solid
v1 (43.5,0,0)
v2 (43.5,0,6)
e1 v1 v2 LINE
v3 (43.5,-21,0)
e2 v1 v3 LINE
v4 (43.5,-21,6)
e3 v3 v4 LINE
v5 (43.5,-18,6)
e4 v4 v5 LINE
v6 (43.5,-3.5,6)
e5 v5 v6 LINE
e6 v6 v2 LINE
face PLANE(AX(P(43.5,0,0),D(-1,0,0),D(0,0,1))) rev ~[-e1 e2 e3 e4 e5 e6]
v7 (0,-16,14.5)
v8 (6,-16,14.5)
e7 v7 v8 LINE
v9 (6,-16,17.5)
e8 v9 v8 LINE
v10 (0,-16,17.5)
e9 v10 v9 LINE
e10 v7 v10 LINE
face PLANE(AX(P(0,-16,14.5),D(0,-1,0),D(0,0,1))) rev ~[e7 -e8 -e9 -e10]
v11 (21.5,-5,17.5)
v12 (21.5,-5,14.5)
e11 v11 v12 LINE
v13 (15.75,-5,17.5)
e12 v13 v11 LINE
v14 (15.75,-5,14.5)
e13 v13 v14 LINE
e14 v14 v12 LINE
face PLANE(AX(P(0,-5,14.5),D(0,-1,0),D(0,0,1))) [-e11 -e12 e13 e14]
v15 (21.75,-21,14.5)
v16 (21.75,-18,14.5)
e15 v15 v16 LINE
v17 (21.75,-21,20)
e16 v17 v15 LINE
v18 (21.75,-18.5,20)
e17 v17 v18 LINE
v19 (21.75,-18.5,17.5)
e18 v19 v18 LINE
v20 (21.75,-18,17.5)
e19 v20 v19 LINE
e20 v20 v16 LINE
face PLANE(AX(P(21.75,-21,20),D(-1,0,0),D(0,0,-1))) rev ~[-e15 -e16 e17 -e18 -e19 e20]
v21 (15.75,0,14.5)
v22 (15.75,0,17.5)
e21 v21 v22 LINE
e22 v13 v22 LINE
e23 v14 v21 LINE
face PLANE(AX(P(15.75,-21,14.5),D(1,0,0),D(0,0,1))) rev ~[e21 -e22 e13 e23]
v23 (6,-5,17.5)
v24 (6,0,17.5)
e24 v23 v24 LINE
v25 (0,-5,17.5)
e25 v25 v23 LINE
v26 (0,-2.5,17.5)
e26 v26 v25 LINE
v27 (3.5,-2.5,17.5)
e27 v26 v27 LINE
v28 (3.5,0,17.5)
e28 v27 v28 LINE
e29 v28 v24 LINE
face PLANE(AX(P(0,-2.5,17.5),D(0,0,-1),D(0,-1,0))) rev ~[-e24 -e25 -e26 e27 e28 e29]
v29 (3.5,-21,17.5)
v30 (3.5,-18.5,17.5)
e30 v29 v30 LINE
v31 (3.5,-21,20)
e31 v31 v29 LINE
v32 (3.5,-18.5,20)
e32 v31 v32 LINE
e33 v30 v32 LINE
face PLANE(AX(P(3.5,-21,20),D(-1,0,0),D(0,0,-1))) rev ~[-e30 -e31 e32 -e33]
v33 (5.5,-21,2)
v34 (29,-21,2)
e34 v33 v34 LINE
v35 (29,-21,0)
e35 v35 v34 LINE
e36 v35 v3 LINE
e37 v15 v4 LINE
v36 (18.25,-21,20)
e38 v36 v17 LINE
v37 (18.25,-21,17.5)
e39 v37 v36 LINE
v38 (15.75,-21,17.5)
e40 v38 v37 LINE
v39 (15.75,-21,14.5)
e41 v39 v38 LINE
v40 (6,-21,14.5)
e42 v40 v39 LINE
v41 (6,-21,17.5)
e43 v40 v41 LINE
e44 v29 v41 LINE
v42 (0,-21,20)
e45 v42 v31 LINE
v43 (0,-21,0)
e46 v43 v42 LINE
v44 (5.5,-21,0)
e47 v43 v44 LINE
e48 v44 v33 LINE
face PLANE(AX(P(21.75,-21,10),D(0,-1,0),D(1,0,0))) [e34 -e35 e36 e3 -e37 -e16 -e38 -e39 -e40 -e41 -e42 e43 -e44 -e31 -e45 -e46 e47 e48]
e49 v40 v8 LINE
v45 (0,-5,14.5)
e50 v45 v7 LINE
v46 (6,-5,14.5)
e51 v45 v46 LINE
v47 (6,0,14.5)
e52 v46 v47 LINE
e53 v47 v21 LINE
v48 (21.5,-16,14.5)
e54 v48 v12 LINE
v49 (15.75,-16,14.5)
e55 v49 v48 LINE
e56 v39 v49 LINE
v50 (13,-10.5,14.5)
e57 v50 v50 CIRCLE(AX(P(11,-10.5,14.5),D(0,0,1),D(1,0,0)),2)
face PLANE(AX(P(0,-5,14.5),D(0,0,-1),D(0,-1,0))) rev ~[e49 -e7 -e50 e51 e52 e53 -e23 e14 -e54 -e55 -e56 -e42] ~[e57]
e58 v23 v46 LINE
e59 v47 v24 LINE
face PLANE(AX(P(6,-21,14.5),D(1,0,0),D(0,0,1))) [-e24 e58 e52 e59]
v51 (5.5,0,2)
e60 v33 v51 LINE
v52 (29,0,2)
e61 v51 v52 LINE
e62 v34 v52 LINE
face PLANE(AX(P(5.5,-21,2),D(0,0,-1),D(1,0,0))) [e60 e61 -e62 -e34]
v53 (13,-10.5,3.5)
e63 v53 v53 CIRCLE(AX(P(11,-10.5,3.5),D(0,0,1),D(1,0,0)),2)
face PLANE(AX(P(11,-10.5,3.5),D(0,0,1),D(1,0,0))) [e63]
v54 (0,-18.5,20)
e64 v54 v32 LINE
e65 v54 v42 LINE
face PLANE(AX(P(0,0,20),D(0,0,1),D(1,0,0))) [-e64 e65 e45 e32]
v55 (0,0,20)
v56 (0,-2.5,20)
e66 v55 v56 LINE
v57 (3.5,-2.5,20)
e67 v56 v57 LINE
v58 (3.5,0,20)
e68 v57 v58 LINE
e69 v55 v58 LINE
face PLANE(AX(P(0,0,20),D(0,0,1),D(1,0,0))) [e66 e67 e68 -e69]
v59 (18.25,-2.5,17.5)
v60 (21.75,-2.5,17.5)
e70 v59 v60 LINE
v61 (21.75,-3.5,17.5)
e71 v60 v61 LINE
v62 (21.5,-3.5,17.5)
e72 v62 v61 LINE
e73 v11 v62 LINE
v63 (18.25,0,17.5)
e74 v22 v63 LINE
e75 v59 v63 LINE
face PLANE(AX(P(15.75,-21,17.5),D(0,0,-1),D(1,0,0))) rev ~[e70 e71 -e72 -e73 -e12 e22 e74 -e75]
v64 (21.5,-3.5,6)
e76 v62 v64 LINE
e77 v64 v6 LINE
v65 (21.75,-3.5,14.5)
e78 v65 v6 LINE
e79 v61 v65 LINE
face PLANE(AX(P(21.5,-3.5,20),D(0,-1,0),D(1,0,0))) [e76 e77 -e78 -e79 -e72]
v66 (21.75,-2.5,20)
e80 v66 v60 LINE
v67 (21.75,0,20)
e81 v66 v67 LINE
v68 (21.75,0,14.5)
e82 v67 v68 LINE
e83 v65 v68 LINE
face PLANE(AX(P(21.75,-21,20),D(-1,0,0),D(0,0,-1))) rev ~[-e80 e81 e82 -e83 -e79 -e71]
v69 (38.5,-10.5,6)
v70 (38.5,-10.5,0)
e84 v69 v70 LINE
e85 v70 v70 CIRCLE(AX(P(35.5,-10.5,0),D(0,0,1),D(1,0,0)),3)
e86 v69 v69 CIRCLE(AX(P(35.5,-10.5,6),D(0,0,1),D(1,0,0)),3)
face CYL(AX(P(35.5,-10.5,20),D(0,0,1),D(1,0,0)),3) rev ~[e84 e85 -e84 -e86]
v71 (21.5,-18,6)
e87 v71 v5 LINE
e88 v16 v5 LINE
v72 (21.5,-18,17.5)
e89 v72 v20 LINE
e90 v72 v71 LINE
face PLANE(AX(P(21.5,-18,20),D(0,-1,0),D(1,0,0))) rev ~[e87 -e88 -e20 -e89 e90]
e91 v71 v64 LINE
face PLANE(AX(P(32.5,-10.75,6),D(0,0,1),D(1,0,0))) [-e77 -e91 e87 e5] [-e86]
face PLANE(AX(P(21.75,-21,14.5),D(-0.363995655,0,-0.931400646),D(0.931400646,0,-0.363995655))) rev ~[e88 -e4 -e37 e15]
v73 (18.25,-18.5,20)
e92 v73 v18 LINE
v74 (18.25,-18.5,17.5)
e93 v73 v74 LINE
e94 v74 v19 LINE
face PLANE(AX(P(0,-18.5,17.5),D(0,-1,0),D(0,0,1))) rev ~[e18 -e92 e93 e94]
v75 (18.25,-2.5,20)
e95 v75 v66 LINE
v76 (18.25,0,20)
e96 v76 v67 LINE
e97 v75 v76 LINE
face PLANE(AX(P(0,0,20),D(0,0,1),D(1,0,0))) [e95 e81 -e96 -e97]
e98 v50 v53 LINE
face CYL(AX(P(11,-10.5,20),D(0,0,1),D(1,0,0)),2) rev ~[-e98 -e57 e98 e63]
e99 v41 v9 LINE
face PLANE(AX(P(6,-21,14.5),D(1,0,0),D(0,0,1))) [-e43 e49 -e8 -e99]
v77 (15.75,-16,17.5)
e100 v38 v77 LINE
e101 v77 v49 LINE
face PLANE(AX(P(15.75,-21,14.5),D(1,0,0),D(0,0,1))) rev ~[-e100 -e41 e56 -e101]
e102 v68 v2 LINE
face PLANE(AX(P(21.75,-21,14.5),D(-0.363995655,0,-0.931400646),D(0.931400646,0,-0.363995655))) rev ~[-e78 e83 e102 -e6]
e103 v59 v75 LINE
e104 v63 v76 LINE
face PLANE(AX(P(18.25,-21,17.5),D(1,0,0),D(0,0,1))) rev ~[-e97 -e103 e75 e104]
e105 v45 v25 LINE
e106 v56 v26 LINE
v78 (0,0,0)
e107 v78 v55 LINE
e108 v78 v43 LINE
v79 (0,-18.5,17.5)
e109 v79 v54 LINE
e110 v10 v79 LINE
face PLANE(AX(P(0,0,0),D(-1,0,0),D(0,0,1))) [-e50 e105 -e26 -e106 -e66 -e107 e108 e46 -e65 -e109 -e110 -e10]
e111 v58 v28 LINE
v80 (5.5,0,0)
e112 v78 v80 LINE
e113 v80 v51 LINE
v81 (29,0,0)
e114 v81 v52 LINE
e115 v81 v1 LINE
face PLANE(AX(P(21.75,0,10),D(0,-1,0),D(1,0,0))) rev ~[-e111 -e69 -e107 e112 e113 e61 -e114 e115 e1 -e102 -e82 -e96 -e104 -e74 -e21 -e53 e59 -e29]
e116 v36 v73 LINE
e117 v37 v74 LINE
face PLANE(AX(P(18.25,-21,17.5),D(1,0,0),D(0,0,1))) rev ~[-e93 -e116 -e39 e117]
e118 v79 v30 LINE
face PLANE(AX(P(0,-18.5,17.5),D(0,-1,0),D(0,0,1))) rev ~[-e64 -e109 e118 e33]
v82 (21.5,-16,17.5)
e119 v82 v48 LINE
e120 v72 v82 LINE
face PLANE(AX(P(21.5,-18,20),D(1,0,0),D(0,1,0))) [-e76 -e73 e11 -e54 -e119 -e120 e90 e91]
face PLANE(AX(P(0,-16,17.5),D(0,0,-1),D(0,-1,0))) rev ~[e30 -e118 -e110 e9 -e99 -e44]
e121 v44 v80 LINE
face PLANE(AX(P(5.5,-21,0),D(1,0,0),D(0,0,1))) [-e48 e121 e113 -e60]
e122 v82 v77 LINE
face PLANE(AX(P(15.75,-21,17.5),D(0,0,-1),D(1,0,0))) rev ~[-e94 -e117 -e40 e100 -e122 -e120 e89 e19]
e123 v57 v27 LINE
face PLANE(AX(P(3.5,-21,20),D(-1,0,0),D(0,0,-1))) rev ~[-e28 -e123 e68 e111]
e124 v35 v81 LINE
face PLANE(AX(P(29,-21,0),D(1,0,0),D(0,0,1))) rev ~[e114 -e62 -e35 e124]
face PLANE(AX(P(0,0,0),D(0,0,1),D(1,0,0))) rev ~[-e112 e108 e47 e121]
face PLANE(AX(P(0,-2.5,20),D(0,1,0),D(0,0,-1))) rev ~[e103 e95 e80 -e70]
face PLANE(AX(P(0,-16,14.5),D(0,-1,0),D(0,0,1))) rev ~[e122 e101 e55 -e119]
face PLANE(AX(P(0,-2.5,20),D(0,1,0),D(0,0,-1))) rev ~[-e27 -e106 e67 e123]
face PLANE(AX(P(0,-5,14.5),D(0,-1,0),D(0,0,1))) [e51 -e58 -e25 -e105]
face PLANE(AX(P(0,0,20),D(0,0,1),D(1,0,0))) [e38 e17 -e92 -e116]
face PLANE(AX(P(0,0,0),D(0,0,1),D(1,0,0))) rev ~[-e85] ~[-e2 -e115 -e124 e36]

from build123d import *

# Parameters (mm, degrees)
F0_W      = 43.5
F0_H      = 20
F1_DEPTH  = 21
F3_R      = 3
F4_DEPTH  = 20.001
F2_R      = 2
F5_DEPTH  = 16.5
F6_W      = 22
F6_H      = 14.5
F6_R      = 3
F7_DEPTH  = 14
F11_DEPTH = 21.001
F12_W     = 9.75
F12_H     = 3
F12_W_2   = 23.5
F12_H_2   = 2
F13_DEPTH = 21.001
F14_W     = 11
F14_H     = 3
F15_DEPTH = 43.501


with BuildPart() as f1:
    # F0 (on Front) → F1 (new body)
    with BuildSketch(Plane.XZ):
        with Locations((21.75, 10)):
            Rectangle(F0_W, F0_H)
    extrude(amount=F1_DEPTH)

    # F3 (on face) → F4 (cut, through all)
    with BuildSketch(Plane.XY.offset(20)):
        with Locations((35.5, -10.5)):
            Circle(F3_R)
    extrude(amount=-F4_DEPTH, mode=Mode.SUBTRACT)

    # F2 (on face) → F5 (cut)
    with BuildSketch(Plane.XY.offset(20)):
        with Locations((11, -10.5)):
            Circle(F2_R)
    extrude(amount=-F5_DEPTH, mode=Mode.SUBTRACT)

    # F6 (on face) → F7 (cut)
    with BuildSketch(Plane.XY.offset(20)):
        with Locations((32.5, -10.75)):
            Rectangle(F6_W, F6_H)
        with Locations((35.5, -10.5)):
            Circle(F6_R, mode=Mode.SUBTRACT)
    extrude(amount=-F7_DEPTH, mode=Mode.SUBTRACT)

    # F10 (on face) → F11 (cut, through all)
    with BuildSketch(Plane.XZ.offset(21)):
        Polygon((43.5, 6), (43.5, 20), (21.75, 20), (21.75, 14.5), align=None)
    extrude(amount=-F11_DEPTH, mode=Mode.SUBTRACT)

    # F12 (on face) → F13 (cut, through all)
    with BuildSketch(Plane.XZ.offset(21)):
        with Locations((10.875, 16)):
            Rectangle(F12_W, F12_H)
        Polygon((18.25, 20), (3.5, 20), (3.5, 17.5), (6, 17.5), (15.75, 17.5), (18.25, 17.5), align=None)
        with Locations((17.25, 1)):
            Rectangle(F12_W_2, F12_H_2)
    extrude(amount=-F13_DEPTH, mode=Mode.SUBTRACT)

    # F14 (on face) → F15 (cut, through all)
    with BuildSketch(Plane(origin=(0, 0, 0), x_dir=(0, -1, 0), z_dir=(-1, 0, 0))):
        Polygon((18.5, 20), (2.5, 20), (2.5, 17.5), (5, 17.5), (16, 17.5), (18.5, 17.5), align=None)
        with Locations((10.5, 16)):
            Rectangle(F14_W, F14_H)
    extrude(amount=-F15_DEPTH, mode=Mode.SUBTRACT)


solid = f1.part
